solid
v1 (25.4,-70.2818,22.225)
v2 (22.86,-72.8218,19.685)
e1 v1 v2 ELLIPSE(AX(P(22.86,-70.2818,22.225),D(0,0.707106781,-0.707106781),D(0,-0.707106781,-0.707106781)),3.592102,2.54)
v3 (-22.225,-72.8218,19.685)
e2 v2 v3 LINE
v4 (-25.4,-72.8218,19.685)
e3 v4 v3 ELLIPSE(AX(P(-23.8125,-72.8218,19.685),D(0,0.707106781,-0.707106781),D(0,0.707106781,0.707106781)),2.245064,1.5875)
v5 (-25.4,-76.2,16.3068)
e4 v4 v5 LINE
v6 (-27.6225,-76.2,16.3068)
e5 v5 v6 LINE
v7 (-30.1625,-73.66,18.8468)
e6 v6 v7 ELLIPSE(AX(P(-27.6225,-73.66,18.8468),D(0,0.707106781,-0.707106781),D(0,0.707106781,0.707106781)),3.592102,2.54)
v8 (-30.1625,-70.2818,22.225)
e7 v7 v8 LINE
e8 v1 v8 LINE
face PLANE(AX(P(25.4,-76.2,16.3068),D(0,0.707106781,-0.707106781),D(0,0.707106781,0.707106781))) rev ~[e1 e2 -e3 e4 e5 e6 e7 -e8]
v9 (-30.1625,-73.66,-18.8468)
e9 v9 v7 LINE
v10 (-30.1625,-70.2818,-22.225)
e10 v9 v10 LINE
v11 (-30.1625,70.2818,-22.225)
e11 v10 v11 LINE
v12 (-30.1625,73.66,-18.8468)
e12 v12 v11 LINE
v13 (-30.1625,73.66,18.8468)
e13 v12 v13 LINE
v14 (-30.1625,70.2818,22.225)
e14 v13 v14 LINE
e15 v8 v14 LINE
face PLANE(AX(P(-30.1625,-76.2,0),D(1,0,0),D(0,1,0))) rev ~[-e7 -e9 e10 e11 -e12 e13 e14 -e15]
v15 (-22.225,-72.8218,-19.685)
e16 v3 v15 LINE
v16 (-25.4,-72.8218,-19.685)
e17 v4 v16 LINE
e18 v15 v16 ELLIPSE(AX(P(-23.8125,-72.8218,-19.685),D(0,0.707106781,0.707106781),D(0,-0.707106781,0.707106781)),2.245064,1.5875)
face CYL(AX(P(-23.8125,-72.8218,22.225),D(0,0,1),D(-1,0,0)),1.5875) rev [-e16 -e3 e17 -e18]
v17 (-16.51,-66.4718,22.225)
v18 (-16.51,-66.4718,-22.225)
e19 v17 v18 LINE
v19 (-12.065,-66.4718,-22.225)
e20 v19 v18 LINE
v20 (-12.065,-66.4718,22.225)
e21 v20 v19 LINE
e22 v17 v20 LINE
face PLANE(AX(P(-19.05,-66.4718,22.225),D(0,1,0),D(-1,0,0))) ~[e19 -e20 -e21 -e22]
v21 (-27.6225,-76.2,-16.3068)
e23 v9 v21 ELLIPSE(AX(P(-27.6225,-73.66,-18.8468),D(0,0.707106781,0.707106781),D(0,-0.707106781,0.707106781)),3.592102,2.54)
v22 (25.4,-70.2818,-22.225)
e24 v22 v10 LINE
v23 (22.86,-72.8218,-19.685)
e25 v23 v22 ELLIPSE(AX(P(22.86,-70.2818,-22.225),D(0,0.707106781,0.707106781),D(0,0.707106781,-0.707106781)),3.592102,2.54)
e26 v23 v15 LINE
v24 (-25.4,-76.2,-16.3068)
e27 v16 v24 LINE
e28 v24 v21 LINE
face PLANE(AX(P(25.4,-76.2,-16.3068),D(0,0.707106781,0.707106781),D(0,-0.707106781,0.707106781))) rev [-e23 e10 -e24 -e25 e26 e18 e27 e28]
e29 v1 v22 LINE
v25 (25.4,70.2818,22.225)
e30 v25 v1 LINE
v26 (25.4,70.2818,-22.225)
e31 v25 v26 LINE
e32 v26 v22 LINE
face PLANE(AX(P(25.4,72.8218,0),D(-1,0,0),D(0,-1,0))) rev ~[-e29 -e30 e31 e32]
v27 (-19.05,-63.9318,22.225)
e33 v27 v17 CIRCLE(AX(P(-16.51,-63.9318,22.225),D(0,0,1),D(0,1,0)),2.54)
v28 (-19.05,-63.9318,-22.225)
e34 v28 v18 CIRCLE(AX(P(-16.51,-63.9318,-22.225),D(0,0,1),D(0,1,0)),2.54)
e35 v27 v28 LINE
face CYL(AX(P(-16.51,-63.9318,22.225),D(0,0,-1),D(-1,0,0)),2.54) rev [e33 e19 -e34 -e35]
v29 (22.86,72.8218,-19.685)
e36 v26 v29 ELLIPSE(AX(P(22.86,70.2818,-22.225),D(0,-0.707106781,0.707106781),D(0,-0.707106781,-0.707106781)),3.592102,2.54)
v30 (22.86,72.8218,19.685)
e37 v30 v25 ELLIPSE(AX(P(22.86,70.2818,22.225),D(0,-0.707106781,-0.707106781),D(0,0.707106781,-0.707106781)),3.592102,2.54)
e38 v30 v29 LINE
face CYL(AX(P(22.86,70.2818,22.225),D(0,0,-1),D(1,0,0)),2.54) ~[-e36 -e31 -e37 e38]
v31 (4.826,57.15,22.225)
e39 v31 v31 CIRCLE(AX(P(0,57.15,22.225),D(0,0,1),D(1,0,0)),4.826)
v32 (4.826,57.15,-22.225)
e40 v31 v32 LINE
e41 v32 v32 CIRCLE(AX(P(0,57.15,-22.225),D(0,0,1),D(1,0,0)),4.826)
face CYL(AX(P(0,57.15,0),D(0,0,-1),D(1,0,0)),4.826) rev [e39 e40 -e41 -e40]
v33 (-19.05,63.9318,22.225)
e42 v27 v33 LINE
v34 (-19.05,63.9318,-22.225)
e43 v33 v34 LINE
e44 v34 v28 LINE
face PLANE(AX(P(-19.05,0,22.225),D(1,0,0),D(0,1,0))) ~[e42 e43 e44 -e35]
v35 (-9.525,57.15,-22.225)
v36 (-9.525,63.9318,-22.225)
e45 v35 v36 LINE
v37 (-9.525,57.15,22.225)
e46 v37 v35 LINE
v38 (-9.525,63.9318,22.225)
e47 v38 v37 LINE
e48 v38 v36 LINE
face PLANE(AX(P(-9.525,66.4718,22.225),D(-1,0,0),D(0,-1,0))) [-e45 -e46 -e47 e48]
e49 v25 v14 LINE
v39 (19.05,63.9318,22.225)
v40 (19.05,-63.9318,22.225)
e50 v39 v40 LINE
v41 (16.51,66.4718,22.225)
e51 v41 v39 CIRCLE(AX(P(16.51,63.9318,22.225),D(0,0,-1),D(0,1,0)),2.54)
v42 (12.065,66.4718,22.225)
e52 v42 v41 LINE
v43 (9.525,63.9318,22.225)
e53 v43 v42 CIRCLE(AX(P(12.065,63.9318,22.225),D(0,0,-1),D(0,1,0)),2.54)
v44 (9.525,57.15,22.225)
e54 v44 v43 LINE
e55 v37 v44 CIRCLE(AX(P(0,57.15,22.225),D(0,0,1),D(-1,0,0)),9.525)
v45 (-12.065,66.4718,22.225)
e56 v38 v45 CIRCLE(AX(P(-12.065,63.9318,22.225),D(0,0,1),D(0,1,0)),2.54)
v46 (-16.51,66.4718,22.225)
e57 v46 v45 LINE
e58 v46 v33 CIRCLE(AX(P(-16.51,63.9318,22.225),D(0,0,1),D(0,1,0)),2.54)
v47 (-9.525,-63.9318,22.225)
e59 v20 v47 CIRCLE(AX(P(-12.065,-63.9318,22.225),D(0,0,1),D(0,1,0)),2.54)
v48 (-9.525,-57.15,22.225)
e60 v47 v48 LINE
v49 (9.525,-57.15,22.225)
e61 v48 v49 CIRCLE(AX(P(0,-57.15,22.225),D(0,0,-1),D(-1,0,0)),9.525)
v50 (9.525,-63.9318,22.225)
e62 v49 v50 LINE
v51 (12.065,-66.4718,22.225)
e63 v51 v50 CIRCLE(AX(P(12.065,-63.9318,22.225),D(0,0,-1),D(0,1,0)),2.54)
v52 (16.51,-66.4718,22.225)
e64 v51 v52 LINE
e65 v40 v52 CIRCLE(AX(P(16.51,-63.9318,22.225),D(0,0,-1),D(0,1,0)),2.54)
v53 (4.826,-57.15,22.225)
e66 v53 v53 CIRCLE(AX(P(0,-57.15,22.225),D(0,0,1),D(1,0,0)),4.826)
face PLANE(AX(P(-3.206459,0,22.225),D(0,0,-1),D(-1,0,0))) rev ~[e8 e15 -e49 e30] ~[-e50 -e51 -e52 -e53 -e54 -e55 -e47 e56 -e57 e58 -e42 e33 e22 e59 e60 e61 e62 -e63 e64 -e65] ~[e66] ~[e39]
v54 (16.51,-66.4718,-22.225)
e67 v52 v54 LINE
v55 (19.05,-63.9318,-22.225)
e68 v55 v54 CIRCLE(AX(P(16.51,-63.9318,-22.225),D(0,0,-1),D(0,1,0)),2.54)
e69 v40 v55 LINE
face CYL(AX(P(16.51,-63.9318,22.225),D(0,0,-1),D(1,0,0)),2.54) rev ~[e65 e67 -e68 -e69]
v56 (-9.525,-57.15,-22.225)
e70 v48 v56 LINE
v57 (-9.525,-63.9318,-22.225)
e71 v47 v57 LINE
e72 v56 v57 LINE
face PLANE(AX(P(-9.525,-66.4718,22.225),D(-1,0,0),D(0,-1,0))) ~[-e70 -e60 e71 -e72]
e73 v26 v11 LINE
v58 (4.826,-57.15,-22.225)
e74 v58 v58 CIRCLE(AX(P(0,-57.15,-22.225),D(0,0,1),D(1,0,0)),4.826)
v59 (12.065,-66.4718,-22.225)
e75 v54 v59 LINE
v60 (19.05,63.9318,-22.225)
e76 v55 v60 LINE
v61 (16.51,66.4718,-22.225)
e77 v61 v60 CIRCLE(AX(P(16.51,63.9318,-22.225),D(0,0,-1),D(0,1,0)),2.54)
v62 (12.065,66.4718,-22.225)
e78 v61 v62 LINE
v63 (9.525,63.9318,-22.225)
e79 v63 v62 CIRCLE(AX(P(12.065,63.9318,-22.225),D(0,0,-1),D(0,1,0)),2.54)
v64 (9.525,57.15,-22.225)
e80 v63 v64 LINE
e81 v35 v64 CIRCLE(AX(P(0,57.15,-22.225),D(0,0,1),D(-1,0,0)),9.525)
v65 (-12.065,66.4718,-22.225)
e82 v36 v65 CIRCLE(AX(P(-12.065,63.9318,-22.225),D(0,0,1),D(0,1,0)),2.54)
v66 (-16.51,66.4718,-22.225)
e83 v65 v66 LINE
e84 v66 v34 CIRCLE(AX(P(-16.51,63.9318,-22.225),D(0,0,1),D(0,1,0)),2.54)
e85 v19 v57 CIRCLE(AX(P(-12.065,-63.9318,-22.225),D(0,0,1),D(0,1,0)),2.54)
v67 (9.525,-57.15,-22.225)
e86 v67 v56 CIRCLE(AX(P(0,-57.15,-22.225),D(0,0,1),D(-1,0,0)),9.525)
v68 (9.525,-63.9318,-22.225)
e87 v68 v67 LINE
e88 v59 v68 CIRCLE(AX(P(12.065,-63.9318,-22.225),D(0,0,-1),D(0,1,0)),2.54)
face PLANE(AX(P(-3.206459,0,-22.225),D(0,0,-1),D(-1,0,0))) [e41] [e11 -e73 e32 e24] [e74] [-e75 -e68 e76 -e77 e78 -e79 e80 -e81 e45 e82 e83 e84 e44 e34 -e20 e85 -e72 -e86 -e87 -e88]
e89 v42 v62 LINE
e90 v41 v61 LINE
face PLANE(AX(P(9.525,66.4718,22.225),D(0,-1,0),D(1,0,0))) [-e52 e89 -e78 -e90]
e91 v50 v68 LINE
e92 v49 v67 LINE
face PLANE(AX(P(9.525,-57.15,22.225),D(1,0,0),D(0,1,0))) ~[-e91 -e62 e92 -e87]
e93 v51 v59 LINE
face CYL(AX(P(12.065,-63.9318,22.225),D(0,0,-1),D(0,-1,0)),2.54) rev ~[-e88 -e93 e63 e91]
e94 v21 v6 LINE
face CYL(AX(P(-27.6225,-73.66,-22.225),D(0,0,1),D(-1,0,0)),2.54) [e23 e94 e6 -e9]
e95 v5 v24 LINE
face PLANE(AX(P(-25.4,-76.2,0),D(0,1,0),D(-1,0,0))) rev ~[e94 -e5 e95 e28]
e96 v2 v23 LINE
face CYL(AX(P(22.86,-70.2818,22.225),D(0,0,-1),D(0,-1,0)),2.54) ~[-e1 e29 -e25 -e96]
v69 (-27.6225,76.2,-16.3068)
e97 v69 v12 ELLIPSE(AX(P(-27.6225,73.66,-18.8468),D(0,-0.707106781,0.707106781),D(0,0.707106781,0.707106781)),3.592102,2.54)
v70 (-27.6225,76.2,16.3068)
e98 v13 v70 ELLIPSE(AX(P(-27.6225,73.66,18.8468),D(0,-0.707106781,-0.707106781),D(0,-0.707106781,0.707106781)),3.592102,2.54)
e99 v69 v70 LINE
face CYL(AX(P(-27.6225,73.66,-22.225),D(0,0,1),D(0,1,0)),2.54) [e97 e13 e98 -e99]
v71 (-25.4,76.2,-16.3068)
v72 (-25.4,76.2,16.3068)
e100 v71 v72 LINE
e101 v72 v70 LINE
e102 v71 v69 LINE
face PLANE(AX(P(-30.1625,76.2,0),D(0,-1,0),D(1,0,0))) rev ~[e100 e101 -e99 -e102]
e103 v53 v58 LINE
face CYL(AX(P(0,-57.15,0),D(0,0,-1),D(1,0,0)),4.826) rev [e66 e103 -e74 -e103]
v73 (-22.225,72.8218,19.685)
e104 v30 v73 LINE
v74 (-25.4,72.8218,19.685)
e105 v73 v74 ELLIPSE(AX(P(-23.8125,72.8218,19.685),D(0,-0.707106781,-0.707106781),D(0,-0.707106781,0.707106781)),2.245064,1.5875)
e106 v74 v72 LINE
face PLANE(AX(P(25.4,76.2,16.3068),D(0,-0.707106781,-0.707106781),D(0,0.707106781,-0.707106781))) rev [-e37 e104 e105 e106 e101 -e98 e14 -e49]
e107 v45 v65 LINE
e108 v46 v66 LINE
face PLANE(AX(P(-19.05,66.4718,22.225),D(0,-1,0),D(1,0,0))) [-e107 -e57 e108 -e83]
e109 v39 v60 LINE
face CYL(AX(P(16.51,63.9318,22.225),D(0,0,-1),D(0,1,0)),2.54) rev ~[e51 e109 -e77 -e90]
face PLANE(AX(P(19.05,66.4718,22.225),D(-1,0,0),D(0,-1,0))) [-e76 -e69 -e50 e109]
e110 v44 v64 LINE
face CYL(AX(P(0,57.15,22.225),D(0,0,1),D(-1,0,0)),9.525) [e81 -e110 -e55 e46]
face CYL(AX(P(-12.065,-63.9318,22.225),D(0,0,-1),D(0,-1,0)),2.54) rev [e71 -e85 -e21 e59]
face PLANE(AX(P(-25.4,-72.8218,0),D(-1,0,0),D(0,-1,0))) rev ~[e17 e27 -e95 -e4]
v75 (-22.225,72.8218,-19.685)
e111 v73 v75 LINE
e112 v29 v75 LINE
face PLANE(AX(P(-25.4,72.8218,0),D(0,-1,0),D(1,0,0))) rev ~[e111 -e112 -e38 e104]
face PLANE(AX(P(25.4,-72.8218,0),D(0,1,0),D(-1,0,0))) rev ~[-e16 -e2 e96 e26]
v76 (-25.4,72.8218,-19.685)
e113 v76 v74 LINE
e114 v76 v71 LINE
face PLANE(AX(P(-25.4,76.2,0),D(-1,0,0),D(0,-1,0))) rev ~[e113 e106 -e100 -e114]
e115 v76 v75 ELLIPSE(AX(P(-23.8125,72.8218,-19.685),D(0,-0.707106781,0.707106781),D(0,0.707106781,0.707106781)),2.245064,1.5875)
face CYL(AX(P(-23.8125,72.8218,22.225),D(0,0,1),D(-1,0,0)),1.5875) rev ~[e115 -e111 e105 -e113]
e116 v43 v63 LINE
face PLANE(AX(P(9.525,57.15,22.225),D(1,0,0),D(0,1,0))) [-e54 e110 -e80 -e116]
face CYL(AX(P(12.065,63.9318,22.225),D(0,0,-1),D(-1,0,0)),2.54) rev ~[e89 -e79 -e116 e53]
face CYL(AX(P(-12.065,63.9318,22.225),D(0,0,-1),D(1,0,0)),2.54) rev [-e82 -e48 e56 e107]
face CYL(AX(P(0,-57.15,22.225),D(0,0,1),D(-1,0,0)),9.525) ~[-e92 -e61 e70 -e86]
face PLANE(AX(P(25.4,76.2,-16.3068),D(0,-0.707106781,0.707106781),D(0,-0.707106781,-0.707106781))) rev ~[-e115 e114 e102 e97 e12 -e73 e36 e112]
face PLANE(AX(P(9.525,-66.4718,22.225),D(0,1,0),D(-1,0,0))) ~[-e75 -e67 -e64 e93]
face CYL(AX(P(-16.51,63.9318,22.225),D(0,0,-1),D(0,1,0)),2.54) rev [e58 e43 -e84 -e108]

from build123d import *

# Parameters (mm, degrees)
SKETCH1_R            = 4.826
BOSS_EXTRUDE1_DEPTH  = 22.225
CUT_EXTRUDE2_DEPTH   = 45.45
CUT_EXTRUDE3_DEPTH   = 45.45
FILLET1_R            = 2.54
CUT_EXTRUDE4_DEPTH   = 56.5625
MIRROR3_COPY_1_DEPTH = 56.5625


with BuildPart() as part:
    # Sketch1 → Boss-Extrude1 (new body, symmetric)
    with BuildSketch(Plane.XY):
        Polygon((-25.4, 72.8218), (25.4, 72.8218), (25.4, -72.8218), (-25.4, -72.8218), (-25.4, -76.2), (-30.1625, -76.2), (-30.1625, 76.2), (-25.4, 76.2), align=None)
        with Locations((0, 57.15)):
            Circle(SKETCH1_R, mode=Mode.SUBTRACT)
        with Locations((0, -57.15)):
            Circle(SKETCH1_R, mode=Mode.SUBTRACT)
    extrude(amount=BOSS_EXTRUDE1_DEPTH, both=True)

    # Sketch3 → Cut-Extrude2 (cut, through all)
    with BuildSketch(Plane.XY.offset(22.225)):
        with BuildLine():
            Line((-19.05, 66.4718), (-9.525, 66.4718))
            Line((-9.525, 66.4718), (-9.525, 57.15))
            ThreePointArc((-9.525, 57.15), (0, 47.625), (9.525, 57.15))
            Line((9.525, 57.15), (9.525, 66.4718))
            Line((9.525, 66.4718), (19.05, 66.4718))
            Line((19.05, 66.4718), (19.05, 0))
            Line((19.05, 0), (-19.05, 0))
            Line((-19.05, 0), (-19.05, 66.4718))
        make_face()
    cut_extrude2 = extrude(amount=-CUT_EXTRUDE2_DEPTH, mode=Mode.SUBTRACT)

    # Sketch4 → Cut-Extrude3 (cut, through all)
    with BuildSketch(Plane.XY.offset(22.225)):
        with BuildLine():
            Line((-22.225, 72.8218), (-25.4, 72.8218))
            ThreePointArc((-25.4, 72.8218), (-23.8125, 71.2343), (-22.225, 72.8218))
        make_face()
    cut_extrude3 = extrude(amount=-CUT_EXTRUDE3_DEPTH, mode=Mode.SUBTRACT)

    # Mirror1: Cut-Extrude2, Cut-Extrude3 across plane
    add(cut_extrude2.mirror(Plane.ZX), mode=Mode.SUBTRACT)
    add(cut_extrude3.mirror(Plane.ZX), mode=Mode.SUBTRACT)

    # Fillet1
    fillet1_edges = [part.edges().sort_by_distance(p)[0] for p in [
        (25.4, 72.8218, 0),
        (25.4, -72.8218, 0),
        (-30.1625, -76.2, 0),
        (-30.1625, 76.2, 0),
        (-19.05, 66.4718, 0),
        (-9.525, 66.4718, 0),
        (9.525, 66.4718, 0),
        (19.05, 66.4718, 0),
        (-19.05, -66.4718, 0),
        (19.05, -66.4718, 0),
        (9.525, -66.4718, 0),
        (-9.525, -66.4718, 0),
    ]]
    fillet(fillet1_edges, radius=FILLET1_R)

    # Sketch5 → Cut-Extrude4 (cut, through all)
    with BuildSketch(Plane(origin=(25.4, 0, 0), x_dir=(0, 0, -1), z_dir=(1, 0, 0))):
        Polygon((16.3068, 76.2), (22.225, 70.2818), (22.225, 76.2), align=None)
    cut_extrude4 = extrude(amount=-CUT_EXTRUDE4_DEPTH, mode=Mode.SUBTRACT)

    # Mirror2: Cut-Extrude4 across plane
    add(cut_extrude4.mirror(Plane.XY), mode=Mode.SUBTRACT)

    # Mirror3: Cut-Extrude4 across plane
    add(cut_extrude4.mirror(Plane.ZX), mode=Mode.SUBTRACT)

    # Mirror3 copy 1 sketch → Mirror3 copy 1 (cut, through all)
    with BuildSketch(Plane(origin=(25.4, 0, 0), x_dir=(0, 0, 1), z_dir=(1, 0, 0))):
        Polygon((16.3068, 76.2), (22.225, 70.2818), (22.225, 76.2), align=None)
    extrude(amount=-MIRROR3_COPY_1_DEPTH, mode=Mode.SUBTRACT)


solid = part.part
